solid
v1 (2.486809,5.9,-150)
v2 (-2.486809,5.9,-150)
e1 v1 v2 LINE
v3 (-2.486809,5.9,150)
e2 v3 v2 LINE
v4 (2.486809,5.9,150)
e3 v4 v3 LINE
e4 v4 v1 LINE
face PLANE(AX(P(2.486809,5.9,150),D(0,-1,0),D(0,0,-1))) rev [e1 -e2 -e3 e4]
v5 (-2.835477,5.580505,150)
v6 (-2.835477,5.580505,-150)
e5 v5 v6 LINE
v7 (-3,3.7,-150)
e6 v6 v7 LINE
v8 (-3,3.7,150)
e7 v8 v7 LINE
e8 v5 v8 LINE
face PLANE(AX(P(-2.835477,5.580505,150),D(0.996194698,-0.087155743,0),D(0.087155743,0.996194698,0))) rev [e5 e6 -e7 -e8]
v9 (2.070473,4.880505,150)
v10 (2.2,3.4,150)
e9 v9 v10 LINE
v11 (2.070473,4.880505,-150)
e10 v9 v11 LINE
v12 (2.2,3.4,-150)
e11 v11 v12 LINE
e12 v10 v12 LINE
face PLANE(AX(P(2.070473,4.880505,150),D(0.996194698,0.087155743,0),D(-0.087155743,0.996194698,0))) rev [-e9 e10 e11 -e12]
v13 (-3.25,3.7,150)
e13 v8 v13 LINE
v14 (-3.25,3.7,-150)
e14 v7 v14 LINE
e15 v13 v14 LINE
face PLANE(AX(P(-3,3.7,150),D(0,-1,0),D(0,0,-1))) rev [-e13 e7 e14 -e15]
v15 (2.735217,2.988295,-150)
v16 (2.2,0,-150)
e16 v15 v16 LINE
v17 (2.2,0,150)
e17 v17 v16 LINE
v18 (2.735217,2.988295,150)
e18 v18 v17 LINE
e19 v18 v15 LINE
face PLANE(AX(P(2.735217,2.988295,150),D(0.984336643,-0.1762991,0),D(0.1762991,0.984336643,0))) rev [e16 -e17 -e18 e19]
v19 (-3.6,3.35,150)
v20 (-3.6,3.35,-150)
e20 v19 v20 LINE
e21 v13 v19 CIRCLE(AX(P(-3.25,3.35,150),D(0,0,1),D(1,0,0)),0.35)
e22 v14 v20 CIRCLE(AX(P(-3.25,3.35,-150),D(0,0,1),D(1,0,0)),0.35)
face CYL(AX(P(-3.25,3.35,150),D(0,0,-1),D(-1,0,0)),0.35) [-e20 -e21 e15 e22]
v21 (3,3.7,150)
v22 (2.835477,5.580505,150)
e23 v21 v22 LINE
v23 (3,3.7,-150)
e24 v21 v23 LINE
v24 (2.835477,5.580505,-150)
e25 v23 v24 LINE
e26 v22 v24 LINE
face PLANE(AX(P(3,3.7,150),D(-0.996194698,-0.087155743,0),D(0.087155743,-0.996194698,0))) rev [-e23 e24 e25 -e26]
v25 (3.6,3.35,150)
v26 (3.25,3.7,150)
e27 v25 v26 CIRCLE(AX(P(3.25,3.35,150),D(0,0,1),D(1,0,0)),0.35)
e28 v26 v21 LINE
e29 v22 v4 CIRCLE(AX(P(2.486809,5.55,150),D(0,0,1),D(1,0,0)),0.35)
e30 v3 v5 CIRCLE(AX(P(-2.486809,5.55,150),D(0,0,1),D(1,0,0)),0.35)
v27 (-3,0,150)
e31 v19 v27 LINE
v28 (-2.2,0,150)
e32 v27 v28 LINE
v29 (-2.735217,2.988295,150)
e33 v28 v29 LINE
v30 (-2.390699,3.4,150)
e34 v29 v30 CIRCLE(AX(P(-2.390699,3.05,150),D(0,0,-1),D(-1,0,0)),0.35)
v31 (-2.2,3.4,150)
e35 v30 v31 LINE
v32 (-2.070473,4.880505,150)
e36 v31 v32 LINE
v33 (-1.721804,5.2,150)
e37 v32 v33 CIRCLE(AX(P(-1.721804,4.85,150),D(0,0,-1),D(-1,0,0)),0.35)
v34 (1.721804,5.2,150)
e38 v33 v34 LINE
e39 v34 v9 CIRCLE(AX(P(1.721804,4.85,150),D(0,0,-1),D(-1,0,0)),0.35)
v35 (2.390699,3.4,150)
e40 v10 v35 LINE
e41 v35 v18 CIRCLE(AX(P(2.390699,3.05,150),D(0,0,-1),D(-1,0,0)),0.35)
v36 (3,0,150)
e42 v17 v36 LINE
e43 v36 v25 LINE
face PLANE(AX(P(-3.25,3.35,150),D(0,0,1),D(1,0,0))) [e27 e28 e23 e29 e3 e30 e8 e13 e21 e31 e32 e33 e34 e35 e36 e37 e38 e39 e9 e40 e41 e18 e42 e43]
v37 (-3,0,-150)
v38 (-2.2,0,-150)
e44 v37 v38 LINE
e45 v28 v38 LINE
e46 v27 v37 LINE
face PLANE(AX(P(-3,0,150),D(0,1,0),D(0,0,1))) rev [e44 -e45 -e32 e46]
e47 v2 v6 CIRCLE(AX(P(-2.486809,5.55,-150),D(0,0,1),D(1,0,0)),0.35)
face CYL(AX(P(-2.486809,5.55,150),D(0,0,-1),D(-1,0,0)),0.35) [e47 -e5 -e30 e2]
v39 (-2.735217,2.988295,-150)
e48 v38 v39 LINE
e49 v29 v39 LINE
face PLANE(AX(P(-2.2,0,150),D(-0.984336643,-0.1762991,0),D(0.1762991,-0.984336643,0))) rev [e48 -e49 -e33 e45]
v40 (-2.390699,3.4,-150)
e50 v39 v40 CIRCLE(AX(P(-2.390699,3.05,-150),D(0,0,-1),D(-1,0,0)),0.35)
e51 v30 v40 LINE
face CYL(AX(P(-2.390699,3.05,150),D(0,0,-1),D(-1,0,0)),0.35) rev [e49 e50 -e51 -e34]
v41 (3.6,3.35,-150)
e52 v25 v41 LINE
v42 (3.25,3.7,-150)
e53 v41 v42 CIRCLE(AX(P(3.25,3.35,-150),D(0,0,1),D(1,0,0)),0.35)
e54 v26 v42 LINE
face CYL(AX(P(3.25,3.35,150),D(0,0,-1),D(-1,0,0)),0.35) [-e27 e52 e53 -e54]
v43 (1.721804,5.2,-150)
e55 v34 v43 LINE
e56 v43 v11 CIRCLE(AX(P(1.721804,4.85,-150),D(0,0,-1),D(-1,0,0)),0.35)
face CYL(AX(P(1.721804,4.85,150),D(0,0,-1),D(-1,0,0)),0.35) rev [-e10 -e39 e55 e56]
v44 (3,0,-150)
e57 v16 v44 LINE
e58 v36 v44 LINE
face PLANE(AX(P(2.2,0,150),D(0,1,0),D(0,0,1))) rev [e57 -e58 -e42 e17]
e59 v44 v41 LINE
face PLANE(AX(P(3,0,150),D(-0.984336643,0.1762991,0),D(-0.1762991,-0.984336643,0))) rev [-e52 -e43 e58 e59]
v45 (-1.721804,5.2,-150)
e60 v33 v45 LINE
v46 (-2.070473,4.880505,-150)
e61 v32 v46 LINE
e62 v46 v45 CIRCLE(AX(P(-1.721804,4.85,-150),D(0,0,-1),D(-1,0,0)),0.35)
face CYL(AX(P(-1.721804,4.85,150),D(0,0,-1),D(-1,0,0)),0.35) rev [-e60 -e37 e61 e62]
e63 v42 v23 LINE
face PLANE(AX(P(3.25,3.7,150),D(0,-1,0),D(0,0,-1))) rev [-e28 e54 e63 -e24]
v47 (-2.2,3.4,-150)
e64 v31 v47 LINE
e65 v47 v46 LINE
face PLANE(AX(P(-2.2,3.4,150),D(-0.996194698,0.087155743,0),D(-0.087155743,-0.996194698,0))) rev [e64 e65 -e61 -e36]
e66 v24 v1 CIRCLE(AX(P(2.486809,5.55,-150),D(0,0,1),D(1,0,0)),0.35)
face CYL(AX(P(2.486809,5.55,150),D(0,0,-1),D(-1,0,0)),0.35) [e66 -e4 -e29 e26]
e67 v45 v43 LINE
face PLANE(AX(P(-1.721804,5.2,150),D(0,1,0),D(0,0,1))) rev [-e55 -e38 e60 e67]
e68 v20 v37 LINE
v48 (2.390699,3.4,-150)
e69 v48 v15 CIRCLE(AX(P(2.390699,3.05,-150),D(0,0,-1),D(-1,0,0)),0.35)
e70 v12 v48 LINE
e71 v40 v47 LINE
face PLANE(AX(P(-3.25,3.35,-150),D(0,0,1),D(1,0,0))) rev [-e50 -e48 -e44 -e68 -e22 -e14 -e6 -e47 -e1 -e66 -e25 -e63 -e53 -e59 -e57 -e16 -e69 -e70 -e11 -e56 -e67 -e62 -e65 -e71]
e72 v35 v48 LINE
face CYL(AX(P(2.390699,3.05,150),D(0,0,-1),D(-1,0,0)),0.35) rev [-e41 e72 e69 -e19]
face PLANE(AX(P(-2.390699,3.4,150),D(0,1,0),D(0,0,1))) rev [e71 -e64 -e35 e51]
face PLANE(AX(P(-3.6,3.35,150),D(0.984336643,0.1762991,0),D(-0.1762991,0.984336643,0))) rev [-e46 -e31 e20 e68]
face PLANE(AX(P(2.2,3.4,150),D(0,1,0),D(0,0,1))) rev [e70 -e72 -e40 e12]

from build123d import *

# Parameters (mm, degrees)
BOSS_EXTRUDE1_DEPTH = 150


with BuildPart() as part:
    # Sketch1 → Boss-Extrude1 (new body, symmetric)
    with BuildSketch(Plane.XY):
        with BuildLine():
            Line((-3.6, 3.35), (-3, 0))
            Line((-3, 0), (-2.2, 0))
            Line((-2.2, 0), (-2.735217071, 2.988295315))
            ThreePointArc((-2.735217071, 2.988295315), (-2.659117427, 3.274614514), (-2.390699246, 3.4))
            Line((-2.390699246, 3.4), (-2.2, 3.4))
            Line((-2.2, 3.4), (-2.070472639, 4.88050451))
            ThreePointArc((-2.070472639, 4.88050451), (-1.958261067, 5.108047068), (-1.721804495, 5.2))
            Line((-1.721804495, 5.2), (1.721804495, 5.2))
            ThreePointArc((1.721804495, 5.2), (1.958261067, 5.108047068), (2.070472639, 4.88050451))
            Line((2.070472639, 4.88050451), (2.2, 3.4))
            Line((2.2, 3.4), (2.390699246, 3.4))
            ThreePointArc((2.390699246, 3.4), (2.659117427, 3.274614514), (2.735217071, 2.988295315))
            Line((2.735217071, 2.988295315), (2.2, 0))
            Line((2.2, 0), (3, 0))
            Line((3, 0), (3.6, 3.35))
            ThreePointArc((3.6, 3.35), (3.497487373, 3.597487373), (3.25, 3.7))
            Line((3.25, 3.7), (3, 3.7))
            Line((3, 3.7), (2.835477174, 5.58050451))
            ThreePointArc((2.835477174, 5.58050451), (2.723265602, 5.808047068), (2.486809029, 5.9))
            Line((2.486809029, 5.9), (-2.486809029, 5.9))
            ThreePointArc((-2.486809029, 5.9), (-2.723265602, 5.808047068), (-2.835477174, 5.58050451))
            Line((-2.835477174, 5.58050451), (-3, 3.7))
            Line((-3, 3.7), (-3.25, 3.7))
            ThreePointArc((-3.25, 3.7), (-3.497487373, 3.597487373), (-3.6, 3.35))
        make_face()
    extrude(amount=BOSS_EXTRUDE1_DEPTH, both=True)


solid = part.part
